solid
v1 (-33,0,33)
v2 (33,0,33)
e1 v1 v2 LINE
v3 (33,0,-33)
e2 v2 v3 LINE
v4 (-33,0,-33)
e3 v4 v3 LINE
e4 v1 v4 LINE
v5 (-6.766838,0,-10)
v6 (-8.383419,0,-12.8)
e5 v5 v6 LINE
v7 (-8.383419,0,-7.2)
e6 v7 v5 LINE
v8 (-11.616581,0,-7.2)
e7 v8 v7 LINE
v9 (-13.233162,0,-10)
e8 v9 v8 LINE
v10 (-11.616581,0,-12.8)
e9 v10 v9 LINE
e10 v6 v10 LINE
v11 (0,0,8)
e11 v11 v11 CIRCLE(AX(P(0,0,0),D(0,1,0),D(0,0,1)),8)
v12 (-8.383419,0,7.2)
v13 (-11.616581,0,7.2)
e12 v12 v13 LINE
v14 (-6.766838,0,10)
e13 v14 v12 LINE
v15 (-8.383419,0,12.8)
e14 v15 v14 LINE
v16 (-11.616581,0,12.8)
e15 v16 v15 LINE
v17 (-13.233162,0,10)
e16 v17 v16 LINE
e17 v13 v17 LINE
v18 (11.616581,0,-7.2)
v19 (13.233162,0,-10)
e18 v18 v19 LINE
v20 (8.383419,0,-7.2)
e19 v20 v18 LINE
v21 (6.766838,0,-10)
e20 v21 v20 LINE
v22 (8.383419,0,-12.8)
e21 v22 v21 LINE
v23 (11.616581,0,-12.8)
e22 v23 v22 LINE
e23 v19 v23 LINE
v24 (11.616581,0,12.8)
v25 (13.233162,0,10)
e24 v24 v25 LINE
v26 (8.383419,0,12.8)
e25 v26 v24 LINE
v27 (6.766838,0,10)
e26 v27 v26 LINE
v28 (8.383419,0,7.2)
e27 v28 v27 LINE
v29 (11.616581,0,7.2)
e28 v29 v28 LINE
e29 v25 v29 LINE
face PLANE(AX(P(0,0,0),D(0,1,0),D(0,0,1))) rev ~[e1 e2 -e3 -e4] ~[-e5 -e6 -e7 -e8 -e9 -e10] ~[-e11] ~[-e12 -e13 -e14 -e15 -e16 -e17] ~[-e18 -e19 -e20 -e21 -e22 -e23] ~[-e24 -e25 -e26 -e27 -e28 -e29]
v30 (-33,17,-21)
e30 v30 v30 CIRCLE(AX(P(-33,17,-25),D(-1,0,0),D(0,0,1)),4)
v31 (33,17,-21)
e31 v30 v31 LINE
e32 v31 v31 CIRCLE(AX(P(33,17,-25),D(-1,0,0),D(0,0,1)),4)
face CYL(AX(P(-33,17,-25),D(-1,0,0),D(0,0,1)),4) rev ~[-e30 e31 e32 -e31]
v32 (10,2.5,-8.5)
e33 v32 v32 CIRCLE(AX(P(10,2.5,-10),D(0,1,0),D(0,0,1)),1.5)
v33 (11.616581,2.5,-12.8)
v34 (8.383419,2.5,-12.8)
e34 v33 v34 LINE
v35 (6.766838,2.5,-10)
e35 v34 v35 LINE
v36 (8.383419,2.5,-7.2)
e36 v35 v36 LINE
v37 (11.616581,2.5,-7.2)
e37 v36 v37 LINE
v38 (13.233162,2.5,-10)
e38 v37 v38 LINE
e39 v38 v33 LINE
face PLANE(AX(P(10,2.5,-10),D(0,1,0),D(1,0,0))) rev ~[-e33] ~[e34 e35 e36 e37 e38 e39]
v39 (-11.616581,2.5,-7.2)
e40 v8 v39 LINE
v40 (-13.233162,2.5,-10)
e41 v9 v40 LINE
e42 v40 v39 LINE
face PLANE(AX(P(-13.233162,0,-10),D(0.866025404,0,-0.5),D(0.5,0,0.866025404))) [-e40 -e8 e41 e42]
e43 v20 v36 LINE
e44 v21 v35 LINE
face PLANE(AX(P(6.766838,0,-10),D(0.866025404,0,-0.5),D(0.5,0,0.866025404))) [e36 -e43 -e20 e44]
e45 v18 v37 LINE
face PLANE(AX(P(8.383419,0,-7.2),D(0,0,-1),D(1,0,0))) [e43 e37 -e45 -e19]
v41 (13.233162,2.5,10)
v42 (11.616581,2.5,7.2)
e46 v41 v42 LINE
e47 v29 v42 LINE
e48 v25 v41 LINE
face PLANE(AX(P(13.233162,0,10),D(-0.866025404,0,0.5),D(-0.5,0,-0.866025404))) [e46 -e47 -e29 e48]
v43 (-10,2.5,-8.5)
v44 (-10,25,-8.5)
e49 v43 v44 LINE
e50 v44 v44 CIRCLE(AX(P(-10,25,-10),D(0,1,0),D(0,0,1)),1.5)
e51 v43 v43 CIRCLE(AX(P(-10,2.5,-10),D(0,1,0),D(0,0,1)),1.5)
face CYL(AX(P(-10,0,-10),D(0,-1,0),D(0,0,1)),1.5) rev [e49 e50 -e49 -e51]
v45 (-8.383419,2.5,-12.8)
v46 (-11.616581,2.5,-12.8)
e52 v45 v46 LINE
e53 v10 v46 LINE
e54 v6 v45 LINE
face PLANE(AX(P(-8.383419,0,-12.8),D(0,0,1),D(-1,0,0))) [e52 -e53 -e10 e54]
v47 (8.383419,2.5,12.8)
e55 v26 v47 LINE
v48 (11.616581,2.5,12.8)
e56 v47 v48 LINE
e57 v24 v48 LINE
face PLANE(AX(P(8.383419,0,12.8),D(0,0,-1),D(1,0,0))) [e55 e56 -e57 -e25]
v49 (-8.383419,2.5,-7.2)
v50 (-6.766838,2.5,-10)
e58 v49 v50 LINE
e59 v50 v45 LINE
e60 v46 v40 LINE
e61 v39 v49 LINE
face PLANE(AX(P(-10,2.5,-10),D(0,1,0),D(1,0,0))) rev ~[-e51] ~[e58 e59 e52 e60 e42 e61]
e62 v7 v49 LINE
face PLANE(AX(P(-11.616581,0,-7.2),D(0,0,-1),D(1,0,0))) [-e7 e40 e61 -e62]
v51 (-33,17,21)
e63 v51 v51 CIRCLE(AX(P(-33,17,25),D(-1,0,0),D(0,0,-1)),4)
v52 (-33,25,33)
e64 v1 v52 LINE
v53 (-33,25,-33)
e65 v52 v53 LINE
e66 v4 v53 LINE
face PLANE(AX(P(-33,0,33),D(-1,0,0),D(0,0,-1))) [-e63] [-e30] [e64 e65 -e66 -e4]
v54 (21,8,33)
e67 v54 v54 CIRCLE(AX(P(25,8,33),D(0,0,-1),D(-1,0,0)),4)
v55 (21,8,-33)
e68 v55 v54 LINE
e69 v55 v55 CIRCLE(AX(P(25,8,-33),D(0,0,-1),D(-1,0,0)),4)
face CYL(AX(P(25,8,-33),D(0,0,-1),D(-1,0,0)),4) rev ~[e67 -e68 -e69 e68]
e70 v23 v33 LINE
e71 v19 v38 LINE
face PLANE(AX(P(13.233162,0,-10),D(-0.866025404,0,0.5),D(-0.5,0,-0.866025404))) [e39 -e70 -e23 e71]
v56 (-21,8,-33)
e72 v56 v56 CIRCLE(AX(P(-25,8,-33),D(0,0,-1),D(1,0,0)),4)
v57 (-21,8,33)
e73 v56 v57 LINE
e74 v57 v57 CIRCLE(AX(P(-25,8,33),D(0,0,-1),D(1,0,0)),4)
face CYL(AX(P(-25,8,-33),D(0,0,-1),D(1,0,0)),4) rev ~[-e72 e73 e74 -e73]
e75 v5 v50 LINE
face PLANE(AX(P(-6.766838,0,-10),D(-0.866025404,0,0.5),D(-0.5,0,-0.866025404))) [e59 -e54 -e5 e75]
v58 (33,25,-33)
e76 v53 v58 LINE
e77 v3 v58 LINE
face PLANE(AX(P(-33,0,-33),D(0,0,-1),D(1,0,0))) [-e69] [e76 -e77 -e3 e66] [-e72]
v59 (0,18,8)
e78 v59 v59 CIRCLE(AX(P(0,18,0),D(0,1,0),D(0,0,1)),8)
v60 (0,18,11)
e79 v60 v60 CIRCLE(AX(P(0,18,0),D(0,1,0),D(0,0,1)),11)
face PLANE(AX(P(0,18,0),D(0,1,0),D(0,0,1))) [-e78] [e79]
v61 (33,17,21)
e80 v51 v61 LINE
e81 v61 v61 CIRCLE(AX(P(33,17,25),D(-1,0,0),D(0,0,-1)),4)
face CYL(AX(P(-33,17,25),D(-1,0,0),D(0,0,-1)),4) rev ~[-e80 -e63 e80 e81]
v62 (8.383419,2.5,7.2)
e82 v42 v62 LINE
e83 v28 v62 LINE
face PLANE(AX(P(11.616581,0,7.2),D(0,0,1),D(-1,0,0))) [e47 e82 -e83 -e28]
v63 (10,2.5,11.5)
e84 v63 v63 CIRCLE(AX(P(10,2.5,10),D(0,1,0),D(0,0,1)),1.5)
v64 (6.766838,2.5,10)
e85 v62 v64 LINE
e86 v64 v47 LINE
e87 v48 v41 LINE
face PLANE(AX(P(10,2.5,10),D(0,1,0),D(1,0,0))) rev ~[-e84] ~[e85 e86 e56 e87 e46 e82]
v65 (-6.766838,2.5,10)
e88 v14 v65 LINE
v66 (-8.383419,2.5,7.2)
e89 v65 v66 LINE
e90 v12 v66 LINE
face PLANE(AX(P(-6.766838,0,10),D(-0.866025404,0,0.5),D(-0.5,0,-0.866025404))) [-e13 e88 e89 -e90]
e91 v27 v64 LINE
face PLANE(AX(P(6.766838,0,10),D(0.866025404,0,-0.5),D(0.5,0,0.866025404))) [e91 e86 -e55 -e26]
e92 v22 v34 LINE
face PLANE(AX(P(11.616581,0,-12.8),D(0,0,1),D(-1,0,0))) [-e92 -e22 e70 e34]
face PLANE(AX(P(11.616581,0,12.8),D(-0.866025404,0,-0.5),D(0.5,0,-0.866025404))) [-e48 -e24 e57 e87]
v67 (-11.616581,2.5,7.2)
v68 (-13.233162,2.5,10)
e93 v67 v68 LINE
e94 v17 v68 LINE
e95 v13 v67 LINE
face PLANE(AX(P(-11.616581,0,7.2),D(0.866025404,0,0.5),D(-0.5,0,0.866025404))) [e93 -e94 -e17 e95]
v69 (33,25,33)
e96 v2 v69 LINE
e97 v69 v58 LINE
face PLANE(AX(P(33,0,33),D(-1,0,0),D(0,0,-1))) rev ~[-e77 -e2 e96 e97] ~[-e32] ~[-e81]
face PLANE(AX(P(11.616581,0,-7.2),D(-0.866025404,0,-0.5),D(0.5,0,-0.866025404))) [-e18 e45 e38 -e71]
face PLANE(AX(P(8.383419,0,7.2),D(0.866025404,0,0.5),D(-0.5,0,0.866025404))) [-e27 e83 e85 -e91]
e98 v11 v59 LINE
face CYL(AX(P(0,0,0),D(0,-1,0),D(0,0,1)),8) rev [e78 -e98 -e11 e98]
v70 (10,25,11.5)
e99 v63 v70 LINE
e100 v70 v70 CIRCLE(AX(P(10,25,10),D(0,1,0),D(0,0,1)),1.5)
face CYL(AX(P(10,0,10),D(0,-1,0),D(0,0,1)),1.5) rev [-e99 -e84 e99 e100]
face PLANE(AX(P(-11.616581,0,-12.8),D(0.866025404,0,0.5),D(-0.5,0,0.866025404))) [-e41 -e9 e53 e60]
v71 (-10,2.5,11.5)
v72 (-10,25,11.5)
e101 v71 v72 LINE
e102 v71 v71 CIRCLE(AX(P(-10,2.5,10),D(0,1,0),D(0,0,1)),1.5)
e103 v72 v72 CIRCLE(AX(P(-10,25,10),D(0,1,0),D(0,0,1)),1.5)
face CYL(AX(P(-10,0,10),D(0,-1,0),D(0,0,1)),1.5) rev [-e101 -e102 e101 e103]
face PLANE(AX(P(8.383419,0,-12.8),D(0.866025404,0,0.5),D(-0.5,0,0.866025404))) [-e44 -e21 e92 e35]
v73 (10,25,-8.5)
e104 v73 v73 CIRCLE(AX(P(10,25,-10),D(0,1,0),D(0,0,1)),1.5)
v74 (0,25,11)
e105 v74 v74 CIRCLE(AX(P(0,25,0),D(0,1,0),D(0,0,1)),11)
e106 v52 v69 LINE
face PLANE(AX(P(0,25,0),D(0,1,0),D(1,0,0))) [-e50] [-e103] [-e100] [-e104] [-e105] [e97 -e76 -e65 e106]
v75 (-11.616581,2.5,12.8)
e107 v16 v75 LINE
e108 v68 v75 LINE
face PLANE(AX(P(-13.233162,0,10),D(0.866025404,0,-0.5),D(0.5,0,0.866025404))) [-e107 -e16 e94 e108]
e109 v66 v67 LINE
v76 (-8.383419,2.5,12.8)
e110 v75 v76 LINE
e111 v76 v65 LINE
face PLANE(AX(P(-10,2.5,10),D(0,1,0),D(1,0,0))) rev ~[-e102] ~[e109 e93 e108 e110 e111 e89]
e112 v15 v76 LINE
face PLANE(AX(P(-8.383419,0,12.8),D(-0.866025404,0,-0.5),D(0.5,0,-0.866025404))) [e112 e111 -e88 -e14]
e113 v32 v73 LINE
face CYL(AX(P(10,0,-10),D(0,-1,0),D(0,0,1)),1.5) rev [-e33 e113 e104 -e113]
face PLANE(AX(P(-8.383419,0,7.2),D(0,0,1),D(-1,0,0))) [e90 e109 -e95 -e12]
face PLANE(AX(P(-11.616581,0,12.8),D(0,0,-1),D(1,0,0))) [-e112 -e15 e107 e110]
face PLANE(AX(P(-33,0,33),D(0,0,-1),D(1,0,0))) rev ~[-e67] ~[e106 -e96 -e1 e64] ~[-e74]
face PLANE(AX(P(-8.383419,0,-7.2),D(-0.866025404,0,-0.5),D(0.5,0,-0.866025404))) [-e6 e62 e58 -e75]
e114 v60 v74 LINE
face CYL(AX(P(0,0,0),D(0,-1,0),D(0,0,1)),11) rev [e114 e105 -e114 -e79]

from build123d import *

# Parameters (mm, degrees)
SKETCH1_W           = 66
SKETCH1_H           = 66
SKETCH1_R           = 11
SKETCH1_R_2         = 1.5
BOSS_EXTRUDE1_DEPTH = 25
SKETCH1_4_R         = 11
SKETCH1_4_R_2       = 8
BOSS_EXTRUDE2_DEPTH = 18
SKETCH2_R           = 4
CUT_EXTRUDE1_DEPTH  = 78.910204723
SKETCH3_R           = 4
CUT_EXTRUDE2_DEPTH  = 78.910204723
SKETCH1_5_R         = 1.5
CUT_EXTRUDE3_DEPTH  = 2.5


with BuildPart() as part:
    # Sketch1 → Boss-Extrude1 (new body)
    with BuildSketch(Plane(origin=(0, 0, 0), x_dir=(1, 0, 0), z_dir=(0, 1, 0))):
        Rectangle(SKETCH1_W, SKETCH1_H)
        Circle(SKETCH1_R, mode=Mode.SUBTRACT)
        with Locations((10, 10)):
            Circle(SKETCH1_R_2, mode=Mode.SUBTRACT)
        with Locations((-10, -10)):
            Circle(SKETCH1_R_2, mode=Mode.SUBTRACT)
        with Locations((10, -10)):
            Circle(SKETCH1_R_2, mode=Mode.SUBTRACT)
        with Locations((-10, 10)):
            Circle(SKETCH1_R_2, mode=Mode.SUBTRACT)
    extrude(amount=BOSS_EXTRUDE1_DEPTH)

    # Sketch1<4> → Boss-Extrude2 (add)
    with BuildSketch(Plane(origin=(0, 0, 0), x_dir=(1, 0, 0), z_dir=(0, 1, 0))):
        Circle(SKETCH1_4_R)
        Circle(SKETCH1_4_R_2, mode=Mode.SUBTRACT)
    extrude(amount=BOSS_EXTRUDE2_DEPTH)

    # Sketch2 → Cut-Extrude1 (cut, through all)
    with BuildSketch(Plane.ZY.offset(33)):
        with Locations((-25, 17)):
            Circle(SKETCH2_R)
        with Locations((25, 17)):
            Circle(SKETCH2_R)
    extrude(amount=-CUT_EXTRUDE1_DEPTH, mode=Mode.SUBTRACT)

    # Sketch3 → Cut-Extrude2 (cut, through all)
    with BuildSketch(Plane(origin=(0, 0, -33), x_dir=(-1, 0, 0), z_dir=(0, 0, -1))):
        with Locations((-25, 8)):
            Circle(SKETCH3_R)
        with Locations((25, 8)):
            Circle(SKETCH3_R)
    extrude(amount=-CUT_EXTRUDE2_DEPTH, mode=Mode.SUBTRACT)

    # Sketch1<5> → Cut-Extrude3 (cut)
    # profile 1 of 4: a face of its own
    with BuildSketch(Plane(origin=(0, 0, 0), x_dir=(1, 0, 0), z_dir=(0, 1, 0))):
        Polygon((11.616580754, 7.2), (13.233161507, 10), (11.616580754, 12.8), (8.383419246, 12.8), (6.766838493, 10), (8.383419246, 7.2), align=None)
        with Locations((10, 10)):
            Circle(SKETCH1_5_R, mode=Mode.SUBTRACT)
    # profile 2 of 4: a face of its own
    with BuildSketch(Plane(origin=(0, 0, 0), x_dir=(1, 0, 0), z_dir=(0, 1, 0))):
        Polygon((-8.383419246, 7.2), (-6.766838493, 10), (-8.383419246, 12.8), (-11.616580754, 12.8), (-13.233161507, 10), (-11.616580754, 7.2), align=None)
        with Locations((-10, 10)):
            Circle(SKETCH1_5_R, mode=Mode.SUBTRACT)
    # profile 3 of 4: a face of its own
    with BuildSketch(Plane(origin=(0, 0, 0), x_dir=(1, 0, 0), z_dir=(0, 1, 0))):
        Polygon((11.616580754, -12.8), (13.233161507, -10), (11.616580754, -7.2), (8.383419246, -7.2), (6.766838493, -10), (8.383419246, -12.8), align=None)
        with Locations((10, -10)):
            Circle(SKETCH1_5_R, mode=Mode.SUBTRACT)
    # profile 4 of 4: a face of its own
    with BuildSketch(Plane(origin=(0, 0, 0), x_dir=(1, 0, 0), z_dir=(0, 1, 0))):
        Polygon((-8.383419246, -12.8), (-6.766838493, -10), (-8.383419246, -7.2), (-11.616580754, -7.2), (-13.233161507, -10), (-11.616580754, -12.8), align=None)
        with Locations((-10, -10)):
            Circle(SKETCH1_5_R, mode=Mode.SUBTRACT)
    extrude(amount=CUT_EXTRUDE3_DEPTH, mode=Mode.SUBTRACT)


solid = part.part
